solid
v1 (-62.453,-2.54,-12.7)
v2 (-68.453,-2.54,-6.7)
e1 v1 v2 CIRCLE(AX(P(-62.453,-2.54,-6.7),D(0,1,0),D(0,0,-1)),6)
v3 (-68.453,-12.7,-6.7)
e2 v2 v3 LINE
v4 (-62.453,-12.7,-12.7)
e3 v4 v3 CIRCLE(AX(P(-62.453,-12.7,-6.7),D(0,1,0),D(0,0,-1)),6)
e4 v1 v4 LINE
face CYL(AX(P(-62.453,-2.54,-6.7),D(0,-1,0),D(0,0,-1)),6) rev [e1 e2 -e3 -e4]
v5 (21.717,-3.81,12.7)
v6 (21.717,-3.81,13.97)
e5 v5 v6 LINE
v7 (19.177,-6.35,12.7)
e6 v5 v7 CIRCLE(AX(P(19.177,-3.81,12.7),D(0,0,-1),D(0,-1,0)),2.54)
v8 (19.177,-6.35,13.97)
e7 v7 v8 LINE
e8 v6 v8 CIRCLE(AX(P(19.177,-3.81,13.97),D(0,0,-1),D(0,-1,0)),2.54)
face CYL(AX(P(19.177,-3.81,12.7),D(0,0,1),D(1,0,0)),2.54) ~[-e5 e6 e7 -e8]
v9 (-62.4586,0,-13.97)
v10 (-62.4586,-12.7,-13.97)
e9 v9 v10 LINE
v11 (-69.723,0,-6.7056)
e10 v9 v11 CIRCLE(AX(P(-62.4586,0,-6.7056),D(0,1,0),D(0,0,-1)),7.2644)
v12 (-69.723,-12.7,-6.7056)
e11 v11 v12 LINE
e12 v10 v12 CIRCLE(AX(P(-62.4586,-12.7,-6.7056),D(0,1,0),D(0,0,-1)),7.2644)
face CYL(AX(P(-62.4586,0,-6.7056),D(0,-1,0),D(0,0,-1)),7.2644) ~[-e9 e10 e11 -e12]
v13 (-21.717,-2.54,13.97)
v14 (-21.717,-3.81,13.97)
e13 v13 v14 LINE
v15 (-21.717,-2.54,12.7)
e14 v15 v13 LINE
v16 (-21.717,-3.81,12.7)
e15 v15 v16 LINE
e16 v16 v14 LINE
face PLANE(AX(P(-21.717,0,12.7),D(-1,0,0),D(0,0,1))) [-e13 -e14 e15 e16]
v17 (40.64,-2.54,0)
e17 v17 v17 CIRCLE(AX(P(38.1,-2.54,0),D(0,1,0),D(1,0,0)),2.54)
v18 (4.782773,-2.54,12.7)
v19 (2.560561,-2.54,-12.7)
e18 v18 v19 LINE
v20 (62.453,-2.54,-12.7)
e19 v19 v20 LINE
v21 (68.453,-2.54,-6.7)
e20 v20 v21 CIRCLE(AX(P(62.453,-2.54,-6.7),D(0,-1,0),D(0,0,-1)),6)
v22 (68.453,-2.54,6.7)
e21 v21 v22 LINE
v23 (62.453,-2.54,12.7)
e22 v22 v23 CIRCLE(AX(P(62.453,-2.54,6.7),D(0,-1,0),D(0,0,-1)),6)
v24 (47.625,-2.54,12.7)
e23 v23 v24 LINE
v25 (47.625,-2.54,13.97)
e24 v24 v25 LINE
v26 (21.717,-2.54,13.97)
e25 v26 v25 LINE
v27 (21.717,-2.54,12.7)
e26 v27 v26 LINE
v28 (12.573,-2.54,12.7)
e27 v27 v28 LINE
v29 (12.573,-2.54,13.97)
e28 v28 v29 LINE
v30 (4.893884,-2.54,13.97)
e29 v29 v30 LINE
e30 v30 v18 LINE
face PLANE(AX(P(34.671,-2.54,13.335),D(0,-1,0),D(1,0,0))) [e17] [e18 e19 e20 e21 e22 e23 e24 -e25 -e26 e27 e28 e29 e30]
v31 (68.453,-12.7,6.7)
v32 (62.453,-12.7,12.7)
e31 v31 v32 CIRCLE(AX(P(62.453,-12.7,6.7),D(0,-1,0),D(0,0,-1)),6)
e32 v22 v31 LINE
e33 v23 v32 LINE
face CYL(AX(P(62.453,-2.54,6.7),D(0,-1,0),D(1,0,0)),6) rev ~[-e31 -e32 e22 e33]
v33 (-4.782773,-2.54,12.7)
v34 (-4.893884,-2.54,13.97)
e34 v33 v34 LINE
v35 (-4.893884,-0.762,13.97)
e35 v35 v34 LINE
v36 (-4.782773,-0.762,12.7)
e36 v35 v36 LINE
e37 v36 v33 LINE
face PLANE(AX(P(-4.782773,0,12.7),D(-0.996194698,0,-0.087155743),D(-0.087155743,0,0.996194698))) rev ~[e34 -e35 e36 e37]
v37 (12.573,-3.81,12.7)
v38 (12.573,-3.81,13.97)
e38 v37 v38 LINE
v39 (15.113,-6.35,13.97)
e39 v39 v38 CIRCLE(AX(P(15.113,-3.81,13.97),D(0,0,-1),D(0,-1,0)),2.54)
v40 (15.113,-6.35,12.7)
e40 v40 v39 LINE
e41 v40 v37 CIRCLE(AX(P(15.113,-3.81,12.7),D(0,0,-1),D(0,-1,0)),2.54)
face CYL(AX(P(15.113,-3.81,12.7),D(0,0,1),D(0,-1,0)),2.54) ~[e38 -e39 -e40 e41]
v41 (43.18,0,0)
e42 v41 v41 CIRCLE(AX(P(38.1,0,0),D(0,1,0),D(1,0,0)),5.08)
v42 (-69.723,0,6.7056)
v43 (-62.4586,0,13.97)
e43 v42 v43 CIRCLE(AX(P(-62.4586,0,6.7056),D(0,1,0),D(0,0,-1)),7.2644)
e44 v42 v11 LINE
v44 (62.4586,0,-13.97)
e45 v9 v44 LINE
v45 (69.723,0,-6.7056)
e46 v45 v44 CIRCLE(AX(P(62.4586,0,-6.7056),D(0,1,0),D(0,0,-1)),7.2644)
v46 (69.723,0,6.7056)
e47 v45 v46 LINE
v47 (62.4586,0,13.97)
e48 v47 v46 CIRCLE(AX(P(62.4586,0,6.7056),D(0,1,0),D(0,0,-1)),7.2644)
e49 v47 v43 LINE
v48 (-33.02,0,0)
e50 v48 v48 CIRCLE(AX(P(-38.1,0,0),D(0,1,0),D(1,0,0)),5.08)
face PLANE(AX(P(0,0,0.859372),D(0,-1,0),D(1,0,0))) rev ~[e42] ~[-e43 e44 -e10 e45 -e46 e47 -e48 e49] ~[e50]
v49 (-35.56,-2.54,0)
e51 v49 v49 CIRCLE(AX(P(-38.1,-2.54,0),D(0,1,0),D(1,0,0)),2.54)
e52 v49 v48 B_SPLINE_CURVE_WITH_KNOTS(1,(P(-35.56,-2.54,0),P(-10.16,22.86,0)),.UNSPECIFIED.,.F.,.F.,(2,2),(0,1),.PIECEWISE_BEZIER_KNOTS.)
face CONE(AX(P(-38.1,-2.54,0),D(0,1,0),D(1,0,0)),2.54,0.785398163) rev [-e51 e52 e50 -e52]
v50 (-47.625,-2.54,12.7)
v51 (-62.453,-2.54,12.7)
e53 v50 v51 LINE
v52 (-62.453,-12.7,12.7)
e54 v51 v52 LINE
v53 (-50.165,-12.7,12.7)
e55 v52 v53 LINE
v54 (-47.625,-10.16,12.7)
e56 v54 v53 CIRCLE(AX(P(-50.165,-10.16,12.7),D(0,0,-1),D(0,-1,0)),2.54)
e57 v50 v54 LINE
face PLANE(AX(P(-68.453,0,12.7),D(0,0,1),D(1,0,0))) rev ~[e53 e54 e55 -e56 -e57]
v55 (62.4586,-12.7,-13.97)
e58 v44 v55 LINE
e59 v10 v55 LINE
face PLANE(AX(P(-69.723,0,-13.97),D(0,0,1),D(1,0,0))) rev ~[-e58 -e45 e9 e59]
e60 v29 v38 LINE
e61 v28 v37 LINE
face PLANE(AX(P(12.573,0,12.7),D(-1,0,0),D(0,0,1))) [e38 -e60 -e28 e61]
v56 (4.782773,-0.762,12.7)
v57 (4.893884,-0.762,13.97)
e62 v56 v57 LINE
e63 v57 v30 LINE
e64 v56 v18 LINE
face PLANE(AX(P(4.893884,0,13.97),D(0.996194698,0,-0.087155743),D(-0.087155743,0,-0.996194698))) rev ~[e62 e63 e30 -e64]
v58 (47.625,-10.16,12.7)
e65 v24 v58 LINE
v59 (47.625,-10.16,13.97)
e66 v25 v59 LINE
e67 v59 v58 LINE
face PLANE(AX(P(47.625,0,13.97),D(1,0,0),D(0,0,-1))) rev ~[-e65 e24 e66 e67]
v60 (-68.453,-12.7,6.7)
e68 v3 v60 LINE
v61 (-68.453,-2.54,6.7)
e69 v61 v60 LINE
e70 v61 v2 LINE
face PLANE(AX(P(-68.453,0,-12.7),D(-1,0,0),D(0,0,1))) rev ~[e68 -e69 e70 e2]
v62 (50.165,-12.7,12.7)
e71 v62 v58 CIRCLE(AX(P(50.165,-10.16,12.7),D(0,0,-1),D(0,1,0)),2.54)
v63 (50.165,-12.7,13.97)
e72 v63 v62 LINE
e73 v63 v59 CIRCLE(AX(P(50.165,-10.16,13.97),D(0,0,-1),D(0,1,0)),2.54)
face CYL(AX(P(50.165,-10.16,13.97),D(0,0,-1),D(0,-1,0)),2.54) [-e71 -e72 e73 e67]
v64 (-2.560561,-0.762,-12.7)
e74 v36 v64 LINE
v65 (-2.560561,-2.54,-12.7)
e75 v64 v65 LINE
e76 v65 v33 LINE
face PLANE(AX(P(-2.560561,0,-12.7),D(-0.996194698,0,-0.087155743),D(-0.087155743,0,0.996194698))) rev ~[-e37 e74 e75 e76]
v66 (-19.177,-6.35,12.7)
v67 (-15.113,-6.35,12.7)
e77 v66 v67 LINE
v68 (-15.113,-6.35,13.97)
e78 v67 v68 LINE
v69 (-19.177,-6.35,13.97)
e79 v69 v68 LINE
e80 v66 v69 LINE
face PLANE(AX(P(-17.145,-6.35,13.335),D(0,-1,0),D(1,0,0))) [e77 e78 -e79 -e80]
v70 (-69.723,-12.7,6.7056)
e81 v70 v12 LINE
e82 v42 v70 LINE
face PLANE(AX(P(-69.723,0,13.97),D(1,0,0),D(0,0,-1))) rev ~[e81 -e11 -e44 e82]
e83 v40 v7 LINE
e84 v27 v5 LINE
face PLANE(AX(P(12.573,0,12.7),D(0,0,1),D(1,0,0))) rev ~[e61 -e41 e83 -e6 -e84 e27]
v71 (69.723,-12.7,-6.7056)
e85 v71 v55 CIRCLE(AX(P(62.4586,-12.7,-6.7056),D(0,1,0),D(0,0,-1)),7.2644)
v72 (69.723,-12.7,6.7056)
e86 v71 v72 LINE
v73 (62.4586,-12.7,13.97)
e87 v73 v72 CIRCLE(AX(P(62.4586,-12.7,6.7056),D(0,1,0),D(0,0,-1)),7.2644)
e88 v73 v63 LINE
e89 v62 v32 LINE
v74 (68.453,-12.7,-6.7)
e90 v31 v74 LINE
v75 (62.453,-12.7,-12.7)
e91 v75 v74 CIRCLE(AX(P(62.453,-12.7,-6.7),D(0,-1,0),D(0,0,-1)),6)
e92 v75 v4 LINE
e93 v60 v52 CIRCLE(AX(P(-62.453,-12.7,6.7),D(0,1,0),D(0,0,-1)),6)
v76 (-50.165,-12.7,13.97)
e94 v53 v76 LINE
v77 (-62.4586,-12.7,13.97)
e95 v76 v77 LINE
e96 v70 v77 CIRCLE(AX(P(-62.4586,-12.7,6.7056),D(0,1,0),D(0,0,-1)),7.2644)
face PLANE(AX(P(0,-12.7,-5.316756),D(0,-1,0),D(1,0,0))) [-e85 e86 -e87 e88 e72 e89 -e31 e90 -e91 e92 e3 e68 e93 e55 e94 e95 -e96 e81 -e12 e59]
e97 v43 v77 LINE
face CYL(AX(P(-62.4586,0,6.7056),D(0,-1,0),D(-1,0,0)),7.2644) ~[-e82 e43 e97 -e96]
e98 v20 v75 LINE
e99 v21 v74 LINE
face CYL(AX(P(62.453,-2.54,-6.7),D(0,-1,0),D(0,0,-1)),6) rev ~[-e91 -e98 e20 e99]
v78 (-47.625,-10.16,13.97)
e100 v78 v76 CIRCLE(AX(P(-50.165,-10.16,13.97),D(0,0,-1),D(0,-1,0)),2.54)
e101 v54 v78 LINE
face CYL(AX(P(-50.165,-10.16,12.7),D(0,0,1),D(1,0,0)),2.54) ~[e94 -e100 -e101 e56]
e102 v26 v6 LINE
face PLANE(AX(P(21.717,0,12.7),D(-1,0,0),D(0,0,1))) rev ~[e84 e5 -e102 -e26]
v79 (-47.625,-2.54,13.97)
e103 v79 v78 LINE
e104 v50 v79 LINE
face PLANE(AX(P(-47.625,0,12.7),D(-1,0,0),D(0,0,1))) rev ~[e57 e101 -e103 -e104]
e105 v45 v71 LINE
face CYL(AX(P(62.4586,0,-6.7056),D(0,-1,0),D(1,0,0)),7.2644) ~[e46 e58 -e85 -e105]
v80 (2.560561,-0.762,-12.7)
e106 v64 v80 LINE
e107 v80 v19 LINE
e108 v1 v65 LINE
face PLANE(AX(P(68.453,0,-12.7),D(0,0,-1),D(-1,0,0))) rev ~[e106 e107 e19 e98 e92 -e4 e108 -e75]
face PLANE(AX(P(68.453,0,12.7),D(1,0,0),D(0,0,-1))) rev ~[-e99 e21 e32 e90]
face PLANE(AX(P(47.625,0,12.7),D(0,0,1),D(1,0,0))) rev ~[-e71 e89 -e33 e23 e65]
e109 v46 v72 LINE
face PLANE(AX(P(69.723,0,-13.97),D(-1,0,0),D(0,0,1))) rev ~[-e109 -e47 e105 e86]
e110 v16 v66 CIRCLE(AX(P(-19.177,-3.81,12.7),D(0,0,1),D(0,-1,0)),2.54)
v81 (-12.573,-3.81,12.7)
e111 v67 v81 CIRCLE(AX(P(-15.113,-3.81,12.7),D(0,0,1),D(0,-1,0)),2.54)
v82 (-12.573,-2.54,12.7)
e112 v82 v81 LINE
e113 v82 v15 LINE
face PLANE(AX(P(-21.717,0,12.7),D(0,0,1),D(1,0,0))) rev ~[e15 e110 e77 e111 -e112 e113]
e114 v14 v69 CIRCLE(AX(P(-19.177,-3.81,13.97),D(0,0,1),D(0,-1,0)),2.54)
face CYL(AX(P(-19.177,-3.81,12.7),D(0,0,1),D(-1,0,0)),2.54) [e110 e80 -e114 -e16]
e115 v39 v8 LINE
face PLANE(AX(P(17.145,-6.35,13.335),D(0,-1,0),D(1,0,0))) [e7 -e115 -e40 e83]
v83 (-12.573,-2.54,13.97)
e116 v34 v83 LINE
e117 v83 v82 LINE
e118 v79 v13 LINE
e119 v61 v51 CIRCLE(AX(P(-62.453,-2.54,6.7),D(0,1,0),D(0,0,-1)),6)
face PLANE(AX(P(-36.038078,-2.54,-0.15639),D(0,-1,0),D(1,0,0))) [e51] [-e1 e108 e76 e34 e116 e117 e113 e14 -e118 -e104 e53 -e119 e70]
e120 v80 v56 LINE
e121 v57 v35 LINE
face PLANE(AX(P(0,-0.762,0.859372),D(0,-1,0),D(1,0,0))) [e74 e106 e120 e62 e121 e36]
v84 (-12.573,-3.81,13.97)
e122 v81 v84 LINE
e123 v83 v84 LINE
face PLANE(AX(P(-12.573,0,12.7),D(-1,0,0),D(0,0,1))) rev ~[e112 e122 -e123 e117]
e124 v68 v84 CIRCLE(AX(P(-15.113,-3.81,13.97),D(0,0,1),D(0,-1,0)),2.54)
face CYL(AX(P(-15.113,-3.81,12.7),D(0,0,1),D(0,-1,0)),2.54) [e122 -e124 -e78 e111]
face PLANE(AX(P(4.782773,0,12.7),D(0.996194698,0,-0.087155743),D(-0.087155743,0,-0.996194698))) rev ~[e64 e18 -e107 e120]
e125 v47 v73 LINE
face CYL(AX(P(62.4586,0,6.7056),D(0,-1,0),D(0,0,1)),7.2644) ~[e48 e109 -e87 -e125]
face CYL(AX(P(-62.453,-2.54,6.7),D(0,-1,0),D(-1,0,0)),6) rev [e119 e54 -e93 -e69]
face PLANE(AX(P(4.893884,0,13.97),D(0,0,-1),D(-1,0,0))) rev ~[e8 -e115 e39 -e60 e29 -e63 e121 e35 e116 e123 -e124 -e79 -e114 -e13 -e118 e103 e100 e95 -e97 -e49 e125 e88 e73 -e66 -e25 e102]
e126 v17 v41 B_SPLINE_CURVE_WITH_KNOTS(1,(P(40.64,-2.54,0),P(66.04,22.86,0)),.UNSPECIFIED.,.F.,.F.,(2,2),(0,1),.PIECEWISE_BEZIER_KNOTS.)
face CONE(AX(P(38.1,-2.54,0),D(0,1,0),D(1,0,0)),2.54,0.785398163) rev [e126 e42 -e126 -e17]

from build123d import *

# Parameters (mm, degrees)
F1_DEPTH  = 12.7
F2_DEPTH  = 2.54
F3_R      = 6
F4_R      = 7.2644
F5_R      = 2.54
F6_DEPTH  = 25.4
F6_TAPER  = -45
F0_W      = 9.144
F0_H      = 1.27
F7_DEPTH  = 6.35
F0_W_2    = 25.908
F8_DEPTH  = 2.54
F9_R      = 2.54
F10_DEPTH = 0.762


with BuildPart() as f1:
    # F0 (on Front) → F1 (new body)
    with BuildSketch(Plane.XZ):
        Polygon((-47.625, 13.97), (-69.723, 13.97), (-69.723, -13.97), (69.723, -13.97), (69.723, 13.97), (47.625, 13.97), (47.625, 12.7), (68.453, 12.7), (68.453, -12.7), (2.5605612715, -12.7), (-2.5605612715, -12.7), (-68.453, -12.7), (-68.453, 12.7), (-47.625, 12.7), align=None)
    extrude(amount=F1_DEPTH)

    # F0 (on Front) → F2 (join)
    with BuildSketch(Plane.XZ):
        Polygon((-21.717, 12.7), (-47.625, 12.7), (-68.453, 12.7), (-68.453, -12.7), (-2.5605612715, -12.7), (-4.782773325, 12.7), (-12.573, 12.7), align=None)
        Polygon((68.453, 12.7), (47.625, 12.7), (21.717, 12.7), (12.573, 12.7), (4.782773325, 12.7), (2.5605612715, -12.7), (68.453, -12.7), align=None)
    extrude(amount=F2_DEPTH)

    # F3
    f3_edges = [f1.edges().sort_by_distance(p)[0] for p in [
        (-68.453, -7.62, 12.7),
        (-68.453, -7.62, -12.7),
        (68.453, -7.62, 12.7),
        (68.453, -7.62, -12.7),
    ]]
    fillet(f3_edges, radius=F3_R)

    # F4
    f4_edges = [f1.edges().sort_by_distance(p)[0] for p in [
        (-69.723, -6.35, 13.97),
        (-69.723, -6.35, -13.97),
        (69.723, -6.35, -13.97),
        (69.723, -6.35, 13.97),
    ]]
    fillet(f4_edges, radius=F4_R)

    # F5 (on face) → F6 (cut)
    with BuildSketch(Plane.XZ.offset(2.54)):
        with Locations((-38.1, 0)):
            Circle(F5_R)
        with Locations((38.1, 0)):
            Circle(F5_R)
    extrude(amount=-F6_DEPTH, taper=F6_TAPER, mode=Mode.SUBTRACT)

    # F0 (on Front) → F7 (join)
    with BuildSketch(Plane.XZ):
        with Locations((17.145, 13.335)):
            Rectangle(F0_W, F0_H)
        with Locations((-17.145, 13.335)):
            Rectangle(F0_W, F0_H)
    extrude(amount=F7_DEPTH)

    # F0 (on Front) → F8 (join)
    with BuildSketch(Plane.XZ):
        with Locations((34.671, 13.335)):
            Rectangle(F0_W_2, F0_H)
        Polygon((12.573, 13.97), (4.8938839277, 13.97), (4.782773325, 12.7), (12.573, 12.7), align=None)
        with Locations((-34.671, 13.335)):
            Rectangle(F0_W_2, F0_H)
        Polygon((-4.8938839277, 13.97), (-12.573, 13.97), (-12.573, 12.7), (-4.782773325, 12.7), align=None)
    extrude(amount=F8_DEPTH)

    # F9
    f9_edges = [f1.edges().sort_by_distance(p)[0] for p in [
        (47.625, -12.7, 13.335),
        (21.717, -6.35, 13.335),
        (12.573, -6.35, 13.335),
        (-12.573, -6.35, 13.335),
        (-21.717, -6.35, 13.335),
        (-47.625, -12.7, 13.335),
    ]]
    fillet(f9_edges, radius=F9_R)

    # F0 (on Front) → F10 (join)
    with BuildSketch(Plane.XZ):
        Polygon((4.782773325, 12.7), (-4.782773325, 12.7), (-2.5605612715, -12.7), (2.5605612715, -12.7), align=None)
        Polygon((4.8938839277, 13.97), (-4.8938839277, 13.97), (-4.782773325, 12.7), (4.782773325, 12.7), align=None)
    extrude(amount=F10_DEPTH)


solid = f1.part
